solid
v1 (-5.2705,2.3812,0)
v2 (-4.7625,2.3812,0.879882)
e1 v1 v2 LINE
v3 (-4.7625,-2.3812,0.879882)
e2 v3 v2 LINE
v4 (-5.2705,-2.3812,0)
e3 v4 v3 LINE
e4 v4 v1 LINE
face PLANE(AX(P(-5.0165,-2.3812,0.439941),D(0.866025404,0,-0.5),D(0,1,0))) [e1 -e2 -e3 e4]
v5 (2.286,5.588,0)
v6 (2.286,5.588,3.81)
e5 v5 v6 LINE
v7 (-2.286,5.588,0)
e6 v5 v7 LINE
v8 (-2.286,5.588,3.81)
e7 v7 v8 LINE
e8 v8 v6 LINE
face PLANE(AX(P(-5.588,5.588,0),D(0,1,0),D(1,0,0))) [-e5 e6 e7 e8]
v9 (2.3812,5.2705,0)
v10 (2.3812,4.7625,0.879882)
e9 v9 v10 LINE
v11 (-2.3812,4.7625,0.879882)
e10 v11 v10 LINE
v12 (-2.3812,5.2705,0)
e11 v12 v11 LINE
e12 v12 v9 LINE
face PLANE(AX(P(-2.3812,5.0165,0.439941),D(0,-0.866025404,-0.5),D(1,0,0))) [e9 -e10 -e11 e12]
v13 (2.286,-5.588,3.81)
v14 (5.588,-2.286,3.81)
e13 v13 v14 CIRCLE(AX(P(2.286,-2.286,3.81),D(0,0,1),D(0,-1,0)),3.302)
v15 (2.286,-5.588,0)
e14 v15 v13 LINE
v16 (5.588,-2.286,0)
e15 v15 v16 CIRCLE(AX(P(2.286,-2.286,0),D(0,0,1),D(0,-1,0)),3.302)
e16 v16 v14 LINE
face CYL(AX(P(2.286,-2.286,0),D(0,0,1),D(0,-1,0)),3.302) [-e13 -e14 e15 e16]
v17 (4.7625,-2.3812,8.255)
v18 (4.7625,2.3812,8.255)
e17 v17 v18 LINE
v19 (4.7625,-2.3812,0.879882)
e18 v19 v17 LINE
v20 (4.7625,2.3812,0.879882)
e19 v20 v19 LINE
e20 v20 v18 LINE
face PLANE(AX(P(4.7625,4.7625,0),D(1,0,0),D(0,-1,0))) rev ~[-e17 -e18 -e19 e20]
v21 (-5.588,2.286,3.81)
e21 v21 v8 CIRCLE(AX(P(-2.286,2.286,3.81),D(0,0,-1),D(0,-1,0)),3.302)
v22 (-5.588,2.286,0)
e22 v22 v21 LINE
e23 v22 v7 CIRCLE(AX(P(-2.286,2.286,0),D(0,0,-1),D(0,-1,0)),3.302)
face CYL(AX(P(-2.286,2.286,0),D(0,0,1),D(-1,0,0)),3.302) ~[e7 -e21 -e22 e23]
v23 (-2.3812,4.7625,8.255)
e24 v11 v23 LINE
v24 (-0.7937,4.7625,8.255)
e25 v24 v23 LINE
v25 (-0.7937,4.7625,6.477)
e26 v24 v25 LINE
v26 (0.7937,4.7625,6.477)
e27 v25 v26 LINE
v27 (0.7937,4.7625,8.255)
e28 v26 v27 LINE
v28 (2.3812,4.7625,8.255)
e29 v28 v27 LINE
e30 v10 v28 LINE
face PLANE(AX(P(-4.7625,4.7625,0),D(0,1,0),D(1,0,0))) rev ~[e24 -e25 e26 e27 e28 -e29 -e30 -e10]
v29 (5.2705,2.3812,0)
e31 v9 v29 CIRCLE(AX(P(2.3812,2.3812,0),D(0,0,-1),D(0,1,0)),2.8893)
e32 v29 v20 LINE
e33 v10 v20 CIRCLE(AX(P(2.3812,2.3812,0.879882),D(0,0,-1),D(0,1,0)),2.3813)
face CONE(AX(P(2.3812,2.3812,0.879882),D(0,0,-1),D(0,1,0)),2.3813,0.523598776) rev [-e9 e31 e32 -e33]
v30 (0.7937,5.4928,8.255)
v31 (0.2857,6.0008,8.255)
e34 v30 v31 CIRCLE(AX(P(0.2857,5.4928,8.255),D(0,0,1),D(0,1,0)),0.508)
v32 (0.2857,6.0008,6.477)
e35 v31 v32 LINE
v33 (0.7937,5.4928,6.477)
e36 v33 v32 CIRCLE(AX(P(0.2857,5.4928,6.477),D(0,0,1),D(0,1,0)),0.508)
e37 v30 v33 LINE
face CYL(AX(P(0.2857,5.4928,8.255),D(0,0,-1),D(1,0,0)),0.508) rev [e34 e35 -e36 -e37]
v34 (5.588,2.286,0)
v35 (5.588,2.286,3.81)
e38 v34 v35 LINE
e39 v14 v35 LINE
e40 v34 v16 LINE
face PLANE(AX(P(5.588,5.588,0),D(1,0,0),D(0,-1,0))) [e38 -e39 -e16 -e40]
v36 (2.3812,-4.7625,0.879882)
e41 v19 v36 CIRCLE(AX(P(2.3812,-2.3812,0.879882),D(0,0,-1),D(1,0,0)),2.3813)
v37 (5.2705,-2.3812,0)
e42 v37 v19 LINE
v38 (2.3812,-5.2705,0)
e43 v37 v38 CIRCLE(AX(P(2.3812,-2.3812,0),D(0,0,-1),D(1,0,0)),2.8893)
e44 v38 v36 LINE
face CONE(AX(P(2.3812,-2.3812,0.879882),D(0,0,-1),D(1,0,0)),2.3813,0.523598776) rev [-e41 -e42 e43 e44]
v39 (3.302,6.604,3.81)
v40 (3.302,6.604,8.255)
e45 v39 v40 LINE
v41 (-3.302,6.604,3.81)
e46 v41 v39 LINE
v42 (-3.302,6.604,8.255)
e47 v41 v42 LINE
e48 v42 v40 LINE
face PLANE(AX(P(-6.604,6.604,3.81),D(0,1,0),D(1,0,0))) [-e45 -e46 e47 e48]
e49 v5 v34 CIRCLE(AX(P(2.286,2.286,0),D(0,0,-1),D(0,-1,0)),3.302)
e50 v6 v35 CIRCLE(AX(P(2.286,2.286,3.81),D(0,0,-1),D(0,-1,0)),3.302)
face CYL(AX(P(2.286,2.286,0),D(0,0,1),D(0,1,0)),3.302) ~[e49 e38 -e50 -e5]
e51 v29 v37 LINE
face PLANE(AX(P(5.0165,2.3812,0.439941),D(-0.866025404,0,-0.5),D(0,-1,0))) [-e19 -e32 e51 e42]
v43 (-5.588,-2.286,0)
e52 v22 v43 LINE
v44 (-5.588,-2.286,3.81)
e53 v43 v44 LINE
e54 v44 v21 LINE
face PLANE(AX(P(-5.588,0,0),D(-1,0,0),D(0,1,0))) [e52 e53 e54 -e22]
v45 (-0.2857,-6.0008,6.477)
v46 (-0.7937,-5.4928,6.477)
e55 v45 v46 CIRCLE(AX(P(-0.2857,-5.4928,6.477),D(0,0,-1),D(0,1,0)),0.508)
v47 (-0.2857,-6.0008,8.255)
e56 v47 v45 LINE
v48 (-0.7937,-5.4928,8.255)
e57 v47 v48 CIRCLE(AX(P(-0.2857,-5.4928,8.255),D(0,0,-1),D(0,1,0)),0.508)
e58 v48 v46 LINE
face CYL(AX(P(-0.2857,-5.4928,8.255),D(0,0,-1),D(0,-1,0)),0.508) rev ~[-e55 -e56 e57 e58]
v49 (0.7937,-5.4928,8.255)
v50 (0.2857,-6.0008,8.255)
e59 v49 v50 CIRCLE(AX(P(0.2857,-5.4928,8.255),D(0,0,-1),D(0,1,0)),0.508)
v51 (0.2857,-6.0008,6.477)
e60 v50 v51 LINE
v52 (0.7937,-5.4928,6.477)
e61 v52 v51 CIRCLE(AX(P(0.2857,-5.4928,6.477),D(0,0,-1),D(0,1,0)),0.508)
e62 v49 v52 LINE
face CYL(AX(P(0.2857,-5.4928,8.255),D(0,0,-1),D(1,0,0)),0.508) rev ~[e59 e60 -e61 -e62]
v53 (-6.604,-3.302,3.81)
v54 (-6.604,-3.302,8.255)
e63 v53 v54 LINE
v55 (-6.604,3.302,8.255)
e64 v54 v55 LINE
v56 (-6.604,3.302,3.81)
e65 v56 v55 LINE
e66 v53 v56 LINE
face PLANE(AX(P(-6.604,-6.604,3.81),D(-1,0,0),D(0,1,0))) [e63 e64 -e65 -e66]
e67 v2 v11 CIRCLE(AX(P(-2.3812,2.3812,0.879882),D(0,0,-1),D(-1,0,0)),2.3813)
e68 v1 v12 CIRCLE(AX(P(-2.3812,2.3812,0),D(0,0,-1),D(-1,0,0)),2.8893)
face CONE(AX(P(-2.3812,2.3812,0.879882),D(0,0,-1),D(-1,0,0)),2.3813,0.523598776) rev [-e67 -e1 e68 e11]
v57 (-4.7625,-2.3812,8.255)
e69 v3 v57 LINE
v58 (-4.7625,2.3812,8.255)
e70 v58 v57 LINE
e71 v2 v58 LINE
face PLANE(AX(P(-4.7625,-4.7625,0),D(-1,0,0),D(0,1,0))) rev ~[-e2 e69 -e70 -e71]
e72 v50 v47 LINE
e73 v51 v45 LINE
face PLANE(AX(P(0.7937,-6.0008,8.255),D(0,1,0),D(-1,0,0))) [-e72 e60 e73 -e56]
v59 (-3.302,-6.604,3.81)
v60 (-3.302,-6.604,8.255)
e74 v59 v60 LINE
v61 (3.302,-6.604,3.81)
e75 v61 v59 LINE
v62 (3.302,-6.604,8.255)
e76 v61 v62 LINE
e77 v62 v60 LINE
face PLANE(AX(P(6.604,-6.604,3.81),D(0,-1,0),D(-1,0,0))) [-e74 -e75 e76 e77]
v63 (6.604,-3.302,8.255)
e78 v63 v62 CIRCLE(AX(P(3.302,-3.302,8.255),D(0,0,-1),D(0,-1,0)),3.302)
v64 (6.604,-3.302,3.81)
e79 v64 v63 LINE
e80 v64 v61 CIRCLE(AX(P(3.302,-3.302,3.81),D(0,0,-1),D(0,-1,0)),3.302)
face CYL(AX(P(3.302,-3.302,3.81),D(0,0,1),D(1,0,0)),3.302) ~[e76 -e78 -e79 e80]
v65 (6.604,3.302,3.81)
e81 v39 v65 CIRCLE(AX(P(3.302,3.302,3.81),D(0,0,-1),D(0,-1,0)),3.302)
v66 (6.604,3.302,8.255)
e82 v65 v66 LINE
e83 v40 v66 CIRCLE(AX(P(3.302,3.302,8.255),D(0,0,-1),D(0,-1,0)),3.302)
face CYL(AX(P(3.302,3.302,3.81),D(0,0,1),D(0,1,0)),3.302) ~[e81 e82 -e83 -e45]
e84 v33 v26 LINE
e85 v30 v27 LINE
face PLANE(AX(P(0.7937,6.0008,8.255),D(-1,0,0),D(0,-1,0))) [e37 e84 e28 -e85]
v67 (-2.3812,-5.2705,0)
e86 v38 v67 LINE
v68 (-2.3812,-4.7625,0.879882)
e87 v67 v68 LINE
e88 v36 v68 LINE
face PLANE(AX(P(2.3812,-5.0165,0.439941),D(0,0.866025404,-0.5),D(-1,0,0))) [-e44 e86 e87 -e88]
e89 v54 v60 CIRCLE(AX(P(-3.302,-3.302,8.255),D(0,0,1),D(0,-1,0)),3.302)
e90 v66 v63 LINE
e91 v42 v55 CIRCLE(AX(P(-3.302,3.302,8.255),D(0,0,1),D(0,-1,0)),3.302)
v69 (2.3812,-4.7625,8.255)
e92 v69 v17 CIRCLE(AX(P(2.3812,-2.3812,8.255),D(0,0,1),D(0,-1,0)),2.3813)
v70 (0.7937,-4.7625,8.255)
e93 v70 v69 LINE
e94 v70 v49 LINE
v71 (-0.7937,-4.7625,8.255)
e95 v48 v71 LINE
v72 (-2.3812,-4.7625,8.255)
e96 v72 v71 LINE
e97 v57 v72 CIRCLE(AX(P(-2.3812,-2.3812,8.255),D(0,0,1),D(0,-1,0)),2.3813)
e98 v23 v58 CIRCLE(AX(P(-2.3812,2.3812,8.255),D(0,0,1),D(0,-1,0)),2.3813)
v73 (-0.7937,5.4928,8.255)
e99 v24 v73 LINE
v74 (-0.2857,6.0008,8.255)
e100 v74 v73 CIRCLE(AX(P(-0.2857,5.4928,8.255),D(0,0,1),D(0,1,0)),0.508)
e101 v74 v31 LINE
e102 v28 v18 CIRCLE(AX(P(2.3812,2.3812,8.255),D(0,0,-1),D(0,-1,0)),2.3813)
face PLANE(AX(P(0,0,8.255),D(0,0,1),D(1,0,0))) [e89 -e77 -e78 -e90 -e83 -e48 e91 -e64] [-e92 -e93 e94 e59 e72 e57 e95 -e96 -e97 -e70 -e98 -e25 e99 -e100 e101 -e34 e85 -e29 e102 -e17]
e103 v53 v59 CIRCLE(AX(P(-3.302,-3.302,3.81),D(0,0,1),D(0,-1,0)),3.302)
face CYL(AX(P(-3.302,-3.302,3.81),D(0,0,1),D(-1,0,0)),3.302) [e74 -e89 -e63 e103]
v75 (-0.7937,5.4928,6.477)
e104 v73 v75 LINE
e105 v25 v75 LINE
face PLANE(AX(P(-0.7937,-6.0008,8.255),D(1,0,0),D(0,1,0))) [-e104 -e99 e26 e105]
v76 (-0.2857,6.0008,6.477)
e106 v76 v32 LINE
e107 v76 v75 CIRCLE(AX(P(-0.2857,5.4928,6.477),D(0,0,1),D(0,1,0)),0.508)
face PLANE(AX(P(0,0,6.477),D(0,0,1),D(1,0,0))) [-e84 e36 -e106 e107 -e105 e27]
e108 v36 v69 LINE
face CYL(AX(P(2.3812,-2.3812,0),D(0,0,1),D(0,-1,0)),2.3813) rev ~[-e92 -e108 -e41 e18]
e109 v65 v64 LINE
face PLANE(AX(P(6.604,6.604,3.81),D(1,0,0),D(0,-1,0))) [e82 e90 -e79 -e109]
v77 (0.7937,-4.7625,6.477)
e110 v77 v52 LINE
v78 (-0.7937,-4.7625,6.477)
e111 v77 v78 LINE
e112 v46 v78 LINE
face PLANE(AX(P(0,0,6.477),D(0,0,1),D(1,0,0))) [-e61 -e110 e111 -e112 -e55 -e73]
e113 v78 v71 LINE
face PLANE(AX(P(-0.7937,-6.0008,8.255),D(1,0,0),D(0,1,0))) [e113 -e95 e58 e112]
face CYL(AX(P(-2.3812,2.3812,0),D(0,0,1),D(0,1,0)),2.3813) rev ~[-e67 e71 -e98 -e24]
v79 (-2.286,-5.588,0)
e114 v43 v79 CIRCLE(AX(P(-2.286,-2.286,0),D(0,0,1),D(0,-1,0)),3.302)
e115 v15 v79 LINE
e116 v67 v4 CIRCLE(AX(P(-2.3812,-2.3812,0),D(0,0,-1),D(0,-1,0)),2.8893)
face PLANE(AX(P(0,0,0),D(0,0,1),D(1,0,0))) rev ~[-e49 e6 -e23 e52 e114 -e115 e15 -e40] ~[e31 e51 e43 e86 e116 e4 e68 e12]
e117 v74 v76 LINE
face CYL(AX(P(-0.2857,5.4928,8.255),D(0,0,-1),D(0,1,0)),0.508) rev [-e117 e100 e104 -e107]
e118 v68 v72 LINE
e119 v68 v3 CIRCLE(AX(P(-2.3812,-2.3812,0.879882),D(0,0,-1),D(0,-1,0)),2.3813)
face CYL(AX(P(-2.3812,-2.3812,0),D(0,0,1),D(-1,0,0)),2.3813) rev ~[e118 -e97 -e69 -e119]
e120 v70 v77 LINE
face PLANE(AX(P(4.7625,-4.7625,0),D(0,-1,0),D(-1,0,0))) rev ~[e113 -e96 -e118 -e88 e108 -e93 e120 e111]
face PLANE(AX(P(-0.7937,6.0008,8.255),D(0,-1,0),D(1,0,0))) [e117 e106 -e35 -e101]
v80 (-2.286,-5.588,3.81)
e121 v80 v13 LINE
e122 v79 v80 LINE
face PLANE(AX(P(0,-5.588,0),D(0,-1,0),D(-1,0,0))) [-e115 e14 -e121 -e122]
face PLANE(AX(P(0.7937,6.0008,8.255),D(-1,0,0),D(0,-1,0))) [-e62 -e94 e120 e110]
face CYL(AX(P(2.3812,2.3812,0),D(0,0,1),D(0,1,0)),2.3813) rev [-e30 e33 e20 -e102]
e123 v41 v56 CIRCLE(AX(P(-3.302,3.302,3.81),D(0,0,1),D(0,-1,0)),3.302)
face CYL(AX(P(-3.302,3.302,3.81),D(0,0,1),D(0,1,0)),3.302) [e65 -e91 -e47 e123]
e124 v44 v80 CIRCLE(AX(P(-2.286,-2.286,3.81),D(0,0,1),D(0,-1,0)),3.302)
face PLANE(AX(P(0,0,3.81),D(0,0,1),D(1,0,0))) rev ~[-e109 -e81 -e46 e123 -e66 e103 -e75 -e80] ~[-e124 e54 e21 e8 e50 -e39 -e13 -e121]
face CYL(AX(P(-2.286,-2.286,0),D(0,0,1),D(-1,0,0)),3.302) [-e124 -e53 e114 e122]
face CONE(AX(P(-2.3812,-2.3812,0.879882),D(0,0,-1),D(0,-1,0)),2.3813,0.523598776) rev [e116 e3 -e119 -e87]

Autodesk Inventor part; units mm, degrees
ref_plane "YZ Plane" through (0, 0, 0) normal (1, 0, 0) x (0, 1, 0)
ref_plane "XZ Plane" through (0, 0, 0) normal (0, 1, 0) x (-1, 0, 0)
ref_plane "XY Plane" through (0, 0, 0) normal (0, 0, 1) x (1, 0, 0)
sketch "Sketch1" plane through (0, 0, 0) normal (0, 0, 1) x (1, 0, 0)
  line L0 (-7.8232, 0) -> (7.8232, 0) projected
  line L1 (0, 7.8232) -> (0, -7.8232) projected
  line L2 (-5.588, 5.588) -> (5.588, 5.588)
  line L3 (5.588, 5.588) -> (5.588, -5.588)
  line L4 (5.588, -5.588) -> (-5.588, -5.588)
  line L5 (-5.588, -5.588) -> (-5.588, 5.588)
  point P0 (0, 0)
  point P1 (-5.588, 0)
  point P2 (0, 5.588)
  dimension "d0" = 11.176
  dimension "d1" = 11.176
extrude "Extrusion1" add sketch "Sketch1" along normal blind 3.81
sketch "Sketch2" plane through (0, 0, 3.81) normal (0, 0, 1) x (1, 0, 0)
  line L0 (-6.604, 6.604) -> (6.604, 6.604)
  line L1 (6.604, 6.604) -> (6.604, -6.604)
  line L2 (6.604, -6.604) -> (-6.604, -6.604)
  line L3 (-6.604, -6.604) -> (-6.604, 6.604)
  point P0 (0, 0)
  point P1 (-6.604, 0)
  point P2 (0, 6.604)
  dimension "d4" = 13.208
  dimension "d5" = 13.208
extrude "Extrusion2" add sketch "Sketch2" along normal blind 4.445
sketch "Sketch3" plane through (0, 0, 0) normal (0, 0, 1) x (1, 0, 0)
  line L0 (-4.7625, 4.7625) -> (4.7625, 4.7625)
  line L1 (4.7625, 4.7625) -> (4.7625, -4.7625)
  line L2 (4.7625, -4.7625) -> (-4.7625, -4.7625)
  line L3 (-4.7625, -4.7625) -> (-4.7625, 4.7625)
  point P0 (0, 0)
  point P1 (-4.7625, 0)
  point P2 (0, 4.7625)
  dimension "d8" = 9.525
  dimension "d9" = 9.525
extrude "Extrusion3" cut sketch "Sketch3" along normal through all
sketch "Sketch4" plane through (0, 0, 8.255) normal (0, 0, 1) x (1, 0, 0)
  line L0 (-0.7937, 6.0008) -> (0.7937, 6.0008)
  line L1 (0.7937, 6.0008) -> (0.7937, -6.0008)
  line L2 (0.7937, -6.0008) -> (-0.7937, -6.0008)
  line L3 (-0.7937, -6.0008) -> (-0.7937, 6.0008)
  point P0 (0, 0)
  point P1 (-0.7938, 0)
  point P2 (0, 6.0008)
  dimension "d14" = 12.0015
  dimension "d15" = 1.5875
extrude "Extrusion4" cut sketch "Sketch4" against normal blind 1.778
fillet "Fillet1" radius 2.3813 4 edges at (-4.7625, 4.7625, 4.1275) (4.7625, 4.7625, 4.1275) (4.7625, -4.7625, 4.1275) (-4.7625, -4.7625, 4.1275)
fillet "Fillet2" radius 3.302 8 edges at (-5.588, -5.588, 1.905) (-5.588, 5.588, 1.905) (5.588, -5.588, 1.905) (5.588, 5.588, 1.905) (-6.604, 6.604, 6.0325) (-6.604, -6.604, 6.0325) (6.604, -6.604, 6.0325) (6.604, 6.604, 6.0325)
fillet "Fillet3" radius 0.508 4 edges at (0.7937, 6.0008, 7.366) (-0.7937, 6.0008, 7.366) (-0.7937, -6.0008, 7.366) (0.7937, -6.0008, 7.366)
chamfer "Chamfer1" distance 0.508 angle 60 8 edges at (4.065, 4.065, 0) (4.7625, 0, 0) (4.065, -4.065, 0) (0, -4.7625, 0) (-4.065, -4.065, 0) (-4.7625, 0, 0) (-4.065, 4.065, 0) (0, 4.7625, 0) measured on face at (0.762, 5.0377, 0)
equation "\"d9\" = d8"
properties part number "J002873" material "ALUMINUM, 6061-T651"
